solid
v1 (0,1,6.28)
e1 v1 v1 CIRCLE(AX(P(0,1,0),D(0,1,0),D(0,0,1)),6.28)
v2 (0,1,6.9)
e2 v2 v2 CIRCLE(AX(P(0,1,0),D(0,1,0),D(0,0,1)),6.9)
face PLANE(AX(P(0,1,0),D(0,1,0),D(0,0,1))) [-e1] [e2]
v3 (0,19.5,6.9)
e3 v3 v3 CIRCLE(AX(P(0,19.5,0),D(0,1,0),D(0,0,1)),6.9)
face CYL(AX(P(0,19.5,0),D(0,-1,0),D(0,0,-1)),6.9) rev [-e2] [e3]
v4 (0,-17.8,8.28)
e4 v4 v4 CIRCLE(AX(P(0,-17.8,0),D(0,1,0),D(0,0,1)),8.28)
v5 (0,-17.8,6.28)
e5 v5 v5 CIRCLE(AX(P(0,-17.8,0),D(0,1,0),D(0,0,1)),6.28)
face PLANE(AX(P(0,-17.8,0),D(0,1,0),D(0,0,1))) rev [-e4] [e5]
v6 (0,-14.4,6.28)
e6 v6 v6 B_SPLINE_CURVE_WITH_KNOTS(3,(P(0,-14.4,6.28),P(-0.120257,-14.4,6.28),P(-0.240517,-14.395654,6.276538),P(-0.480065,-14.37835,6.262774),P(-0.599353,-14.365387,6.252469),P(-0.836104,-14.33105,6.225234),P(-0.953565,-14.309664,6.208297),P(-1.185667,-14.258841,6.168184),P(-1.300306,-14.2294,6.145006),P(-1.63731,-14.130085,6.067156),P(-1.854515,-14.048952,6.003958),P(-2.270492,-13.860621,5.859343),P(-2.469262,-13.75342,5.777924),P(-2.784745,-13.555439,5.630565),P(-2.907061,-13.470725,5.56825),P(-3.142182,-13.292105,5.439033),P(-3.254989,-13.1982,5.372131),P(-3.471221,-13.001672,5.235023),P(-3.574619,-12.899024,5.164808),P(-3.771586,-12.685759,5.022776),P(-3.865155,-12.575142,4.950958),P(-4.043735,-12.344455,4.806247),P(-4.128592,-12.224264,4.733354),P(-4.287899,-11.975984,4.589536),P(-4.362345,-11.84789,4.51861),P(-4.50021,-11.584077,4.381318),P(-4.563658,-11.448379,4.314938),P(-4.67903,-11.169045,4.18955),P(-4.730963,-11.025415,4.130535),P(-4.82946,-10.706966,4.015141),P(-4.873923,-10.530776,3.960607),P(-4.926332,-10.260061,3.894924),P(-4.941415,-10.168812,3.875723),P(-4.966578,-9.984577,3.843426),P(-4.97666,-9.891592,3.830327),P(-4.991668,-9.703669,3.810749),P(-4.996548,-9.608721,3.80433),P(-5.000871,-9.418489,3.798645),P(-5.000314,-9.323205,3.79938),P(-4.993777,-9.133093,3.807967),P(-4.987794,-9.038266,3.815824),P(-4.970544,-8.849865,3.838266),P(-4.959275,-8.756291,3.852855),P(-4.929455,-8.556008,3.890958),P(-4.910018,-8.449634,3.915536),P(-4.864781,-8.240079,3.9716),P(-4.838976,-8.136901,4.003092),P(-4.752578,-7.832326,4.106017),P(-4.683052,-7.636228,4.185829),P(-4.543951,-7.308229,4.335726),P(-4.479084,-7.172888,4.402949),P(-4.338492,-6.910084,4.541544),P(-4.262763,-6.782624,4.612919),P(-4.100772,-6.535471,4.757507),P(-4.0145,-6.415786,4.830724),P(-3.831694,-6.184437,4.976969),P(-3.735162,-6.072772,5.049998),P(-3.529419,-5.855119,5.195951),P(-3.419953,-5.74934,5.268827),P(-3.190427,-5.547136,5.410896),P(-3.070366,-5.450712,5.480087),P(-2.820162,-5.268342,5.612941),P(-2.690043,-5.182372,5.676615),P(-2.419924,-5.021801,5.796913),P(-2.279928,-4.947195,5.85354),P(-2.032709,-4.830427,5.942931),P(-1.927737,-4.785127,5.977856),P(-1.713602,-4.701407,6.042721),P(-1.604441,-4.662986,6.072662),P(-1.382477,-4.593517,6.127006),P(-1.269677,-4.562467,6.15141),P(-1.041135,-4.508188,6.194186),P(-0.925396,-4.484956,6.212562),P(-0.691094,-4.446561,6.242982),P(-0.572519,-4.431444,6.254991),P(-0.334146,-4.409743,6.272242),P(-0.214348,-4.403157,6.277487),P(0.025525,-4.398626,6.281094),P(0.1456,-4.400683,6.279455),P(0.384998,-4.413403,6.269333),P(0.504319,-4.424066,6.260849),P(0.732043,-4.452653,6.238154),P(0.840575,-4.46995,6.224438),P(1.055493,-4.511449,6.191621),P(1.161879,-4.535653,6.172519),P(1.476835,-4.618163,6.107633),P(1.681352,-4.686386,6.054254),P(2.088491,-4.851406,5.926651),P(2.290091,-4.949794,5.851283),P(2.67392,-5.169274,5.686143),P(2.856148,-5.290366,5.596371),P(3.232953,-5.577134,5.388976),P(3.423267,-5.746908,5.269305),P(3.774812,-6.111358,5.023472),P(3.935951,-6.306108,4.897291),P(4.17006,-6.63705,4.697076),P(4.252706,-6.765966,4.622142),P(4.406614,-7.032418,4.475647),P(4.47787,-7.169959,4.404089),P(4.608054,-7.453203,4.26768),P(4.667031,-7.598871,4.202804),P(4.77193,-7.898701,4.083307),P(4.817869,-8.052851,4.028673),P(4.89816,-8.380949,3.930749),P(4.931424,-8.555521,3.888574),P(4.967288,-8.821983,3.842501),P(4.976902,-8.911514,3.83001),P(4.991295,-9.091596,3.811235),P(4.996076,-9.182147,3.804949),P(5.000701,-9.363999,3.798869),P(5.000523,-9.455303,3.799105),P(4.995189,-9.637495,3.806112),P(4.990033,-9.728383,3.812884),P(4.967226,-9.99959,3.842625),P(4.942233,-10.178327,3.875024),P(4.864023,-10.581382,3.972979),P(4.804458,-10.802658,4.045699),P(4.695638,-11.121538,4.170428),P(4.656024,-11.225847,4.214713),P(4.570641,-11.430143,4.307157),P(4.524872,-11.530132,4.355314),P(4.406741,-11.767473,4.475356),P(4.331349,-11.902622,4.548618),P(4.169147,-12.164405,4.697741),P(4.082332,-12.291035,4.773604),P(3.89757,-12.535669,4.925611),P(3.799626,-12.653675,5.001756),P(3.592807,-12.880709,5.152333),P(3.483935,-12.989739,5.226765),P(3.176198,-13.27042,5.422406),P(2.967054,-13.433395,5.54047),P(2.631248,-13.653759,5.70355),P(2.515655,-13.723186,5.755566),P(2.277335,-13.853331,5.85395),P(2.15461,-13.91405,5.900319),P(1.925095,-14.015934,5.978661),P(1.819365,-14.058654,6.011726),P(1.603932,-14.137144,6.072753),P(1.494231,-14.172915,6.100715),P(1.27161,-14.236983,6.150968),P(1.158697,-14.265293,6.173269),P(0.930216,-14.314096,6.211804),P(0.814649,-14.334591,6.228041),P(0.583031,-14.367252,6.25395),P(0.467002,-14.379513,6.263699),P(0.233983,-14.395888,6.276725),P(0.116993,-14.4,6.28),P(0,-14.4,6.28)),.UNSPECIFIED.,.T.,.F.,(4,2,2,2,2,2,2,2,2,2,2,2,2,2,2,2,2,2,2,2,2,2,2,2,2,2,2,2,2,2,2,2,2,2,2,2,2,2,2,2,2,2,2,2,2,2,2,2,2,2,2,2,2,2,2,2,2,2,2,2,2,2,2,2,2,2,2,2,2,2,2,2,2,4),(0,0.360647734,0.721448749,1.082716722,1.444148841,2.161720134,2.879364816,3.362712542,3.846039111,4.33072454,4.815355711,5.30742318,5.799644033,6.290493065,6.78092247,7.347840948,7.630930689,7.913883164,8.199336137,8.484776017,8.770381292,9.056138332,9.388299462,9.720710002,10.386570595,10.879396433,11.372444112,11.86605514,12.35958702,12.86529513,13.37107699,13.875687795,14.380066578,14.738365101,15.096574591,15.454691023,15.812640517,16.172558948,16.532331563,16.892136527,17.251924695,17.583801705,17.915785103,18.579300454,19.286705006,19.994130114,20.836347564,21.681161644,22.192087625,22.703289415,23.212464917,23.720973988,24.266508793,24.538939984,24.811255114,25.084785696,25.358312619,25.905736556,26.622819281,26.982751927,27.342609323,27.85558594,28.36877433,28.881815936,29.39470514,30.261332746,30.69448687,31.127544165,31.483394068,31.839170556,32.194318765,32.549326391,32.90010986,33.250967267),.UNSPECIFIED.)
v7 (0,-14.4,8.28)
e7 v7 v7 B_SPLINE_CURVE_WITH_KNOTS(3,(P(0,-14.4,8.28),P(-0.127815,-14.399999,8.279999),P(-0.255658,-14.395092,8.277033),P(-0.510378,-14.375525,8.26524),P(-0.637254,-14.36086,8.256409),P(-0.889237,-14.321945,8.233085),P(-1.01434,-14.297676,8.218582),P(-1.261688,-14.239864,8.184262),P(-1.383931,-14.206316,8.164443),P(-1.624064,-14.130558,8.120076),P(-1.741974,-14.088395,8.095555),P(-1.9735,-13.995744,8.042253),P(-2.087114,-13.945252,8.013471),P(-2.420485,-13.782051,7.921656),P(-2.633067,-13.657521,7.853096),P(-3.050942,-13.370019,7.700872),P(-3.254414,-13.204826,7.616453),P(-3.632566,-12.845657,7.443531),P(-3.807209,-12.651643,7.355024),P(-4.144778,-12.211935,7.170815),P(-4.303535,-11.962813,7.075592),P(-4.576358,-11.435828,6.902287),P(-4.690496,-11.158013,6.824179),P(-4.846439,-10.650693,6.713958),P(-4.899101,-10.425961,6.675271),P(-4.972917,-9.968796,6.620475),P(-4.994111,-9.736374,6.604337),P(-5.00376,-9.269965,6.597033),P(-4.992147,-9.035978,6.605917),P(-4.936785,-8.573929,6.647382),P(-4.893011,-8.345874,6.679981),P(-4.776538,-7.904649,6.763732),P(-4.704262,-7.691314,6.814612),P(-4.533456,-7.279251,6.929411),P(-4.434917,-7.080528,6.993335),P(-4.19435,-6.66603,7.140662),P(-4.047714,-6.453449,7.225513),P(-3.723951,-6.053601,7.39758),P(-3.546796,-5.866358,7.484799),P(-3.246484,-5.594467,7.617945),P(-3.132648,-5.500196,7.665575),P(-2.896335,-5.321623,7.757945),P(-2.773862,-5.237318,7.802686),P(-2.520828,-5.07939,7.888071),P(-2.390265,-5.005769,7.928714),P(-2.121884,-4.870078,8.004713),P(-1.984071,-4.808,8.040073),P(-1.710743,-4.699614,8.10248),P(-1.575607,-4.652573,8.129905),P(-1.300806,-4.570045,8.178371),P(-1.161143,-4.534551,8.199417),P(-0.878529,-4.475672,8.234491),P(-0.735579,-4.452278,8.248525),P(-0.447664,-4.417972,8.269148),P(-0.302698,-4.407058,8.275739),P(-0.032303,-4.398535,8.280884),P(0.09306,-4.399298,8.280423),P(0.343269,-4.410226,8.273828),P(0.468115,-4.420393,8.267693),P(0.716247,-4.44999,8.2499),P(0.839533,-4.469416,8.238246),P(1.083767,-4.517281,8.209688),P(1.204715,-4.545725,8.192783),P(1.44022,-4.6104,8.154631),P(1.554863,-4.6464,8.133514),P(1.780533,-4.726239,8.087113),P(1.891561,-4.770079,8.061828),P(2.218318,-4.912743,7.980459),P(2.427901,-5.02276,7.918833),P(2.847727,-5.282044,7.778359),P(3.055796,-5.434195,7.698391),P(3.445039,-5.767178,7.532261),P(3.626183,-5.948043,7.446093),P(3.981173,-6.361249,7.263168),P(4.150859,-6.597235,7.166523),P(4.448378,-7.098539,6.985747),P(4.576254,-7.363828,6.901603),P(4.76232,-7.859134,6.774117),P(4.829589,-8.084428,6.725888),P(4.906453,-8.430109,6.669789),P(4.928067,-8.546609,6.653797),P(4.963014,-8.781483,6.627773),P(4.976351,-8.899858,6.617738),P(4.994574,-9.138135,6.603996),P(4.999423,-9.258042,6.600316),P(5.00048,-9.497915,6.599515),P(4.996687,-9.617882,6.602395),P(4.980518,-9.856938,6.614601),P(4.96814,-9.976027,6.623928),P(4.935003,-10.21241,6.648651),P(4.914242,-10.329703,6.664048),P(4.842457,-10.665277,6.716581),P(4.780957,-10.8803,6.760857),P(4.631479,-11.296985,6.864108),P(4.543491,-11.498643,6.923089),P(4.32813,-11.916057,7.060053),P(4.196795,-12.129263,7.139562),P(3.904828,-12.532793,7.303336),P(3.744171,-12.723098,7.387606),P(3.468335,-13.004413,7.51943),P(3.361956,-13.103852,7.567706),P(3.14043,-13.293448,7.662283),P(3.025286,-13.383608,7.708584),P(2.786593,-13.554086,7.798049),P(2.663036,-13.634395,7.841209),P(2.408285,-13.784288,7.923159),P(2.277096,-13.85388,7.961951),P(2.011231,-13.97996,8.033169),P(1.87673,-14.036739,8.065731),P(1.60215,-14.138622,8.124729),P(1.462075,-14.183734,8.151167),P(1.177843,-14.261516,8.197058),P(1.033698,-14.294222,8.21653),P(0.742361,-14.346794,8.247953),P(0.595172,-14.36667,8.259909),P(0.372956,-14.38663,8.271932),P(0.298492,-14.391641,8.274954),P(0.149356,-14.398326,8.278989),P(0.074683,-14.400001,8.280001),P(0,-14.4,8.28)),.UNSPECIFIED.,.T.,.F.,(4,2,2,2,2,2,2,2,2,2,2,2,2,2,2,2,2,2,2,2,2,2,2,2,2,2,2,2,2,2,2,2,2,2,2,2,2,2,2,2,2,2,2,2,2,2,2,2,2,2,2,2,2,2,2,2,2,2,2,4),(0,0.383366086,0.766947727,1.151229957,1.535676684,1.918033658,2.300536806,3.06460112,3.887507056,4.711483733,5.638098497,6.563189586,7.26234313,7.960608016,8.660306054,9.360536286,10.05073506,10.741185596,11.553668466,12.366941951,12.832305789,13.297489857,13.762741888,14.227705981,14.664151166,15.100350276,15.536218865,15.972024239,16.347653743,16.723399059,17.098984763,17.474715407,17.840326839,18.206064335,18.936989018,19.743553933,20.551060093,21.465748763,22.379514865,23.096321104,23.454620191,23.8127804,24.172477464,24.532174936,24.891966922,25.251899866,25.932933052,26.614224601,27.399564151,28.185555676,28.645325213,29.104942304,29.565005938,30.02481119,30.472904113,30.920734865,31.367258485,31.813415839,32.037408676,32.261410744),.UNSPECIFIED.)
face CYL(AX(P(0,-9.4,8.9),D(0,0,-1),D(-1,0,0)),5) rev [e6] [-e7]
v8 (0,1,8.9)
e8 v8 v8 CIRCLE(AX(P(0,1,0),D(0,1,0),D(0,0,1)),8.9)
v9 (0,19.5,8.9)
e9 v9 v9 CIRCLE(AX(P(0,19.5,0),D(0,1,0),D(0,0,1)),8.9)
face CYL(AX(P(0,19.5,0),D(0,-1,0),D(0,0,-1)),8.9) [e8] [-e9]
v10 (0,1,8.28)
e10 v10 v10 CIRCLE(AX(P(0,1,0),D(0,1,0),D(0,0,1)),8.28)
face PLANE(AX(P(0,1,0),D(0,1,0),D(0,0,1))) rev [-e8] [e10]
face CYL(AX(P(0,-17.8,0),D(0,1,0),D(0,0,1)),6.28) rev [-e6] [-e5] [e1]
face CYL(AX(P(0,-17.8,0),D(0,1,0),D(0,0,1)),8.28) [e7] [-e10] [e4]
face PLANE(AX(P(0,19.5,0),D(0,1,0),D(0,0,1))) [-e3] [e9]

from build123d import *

# Parameters (mm, degrees)
BOSS_EXTRUDE1_DEPTH      = 1
BOSS_EXTRUDE1_DEPTH_BACK = 17.8
SKETCH1_R                = 8.28
SKETCH1_R_2              = 6.28
SKETCH2_R                = 8.9
SKETCH2_R_2              = 6.9
BOSS_EXTRUDE2_DEPTH      = 18.5
SKETCH3_R                = 5
CUT_EXTRUDE1_DEPTH       = 24.209265391


with BuildPart() as part:
    # Sketch1 → Boss-Extrude1 (new, two sides: drawn at the far end of the back side and taken through both)
    with BuildSketch(Plane(origin=(0, 0, 0), x_dir=(1, 0, 0), z_dir=(0, 1, 0)).offset(-BOSS_EXTRUDE1_DEPTH_BACK)):
        with Locations(Location((0, 0, 0), (0, 0, 270))):
            Circle(SKETCH1_R)
        with Locations(Location((0, 0, 0), (0, 0, 270))):
            Circle(SKETCH1_R_2, mode=Mode.SUBTRACT)
    extrude(amount=BOSS_EXTRUDE1_DEPTH + BOSS_EXTRUDE1_DEPTH_BACK)

    # Sketch2 → Boss-Extrude2 (add)
    with BuildSketch(Plane(origin=(0, 1, 0), x_dir=(1, 0, 0), z_dir=(0, 1, 0))):
        with Locations(Location((0, 0, 0), (0, 0, 270))):
            Circle(SKETCH2_R)
        with Locations(Location((0, 0, 0), (0, 0, 270))):
            Circle(SKETCH2_R_2, mode=Mode.SUBTRACT)
    extrude(amount=BOSS_EXTRUDE2_DEPTH)

    # Sketch3 → Cut-Extrude1 (cut, through all)
    with BuildSketch(Plane.XY):
        with Locations(Location((0, -9.4, 0), (0, 0, 90.000000004))):
            Circle(SKETCH3_R)
    extrude(amount=CUT_EXTRUDE1_DEPTH, mode=Mode.SUBTRACT)


solid = part.part
